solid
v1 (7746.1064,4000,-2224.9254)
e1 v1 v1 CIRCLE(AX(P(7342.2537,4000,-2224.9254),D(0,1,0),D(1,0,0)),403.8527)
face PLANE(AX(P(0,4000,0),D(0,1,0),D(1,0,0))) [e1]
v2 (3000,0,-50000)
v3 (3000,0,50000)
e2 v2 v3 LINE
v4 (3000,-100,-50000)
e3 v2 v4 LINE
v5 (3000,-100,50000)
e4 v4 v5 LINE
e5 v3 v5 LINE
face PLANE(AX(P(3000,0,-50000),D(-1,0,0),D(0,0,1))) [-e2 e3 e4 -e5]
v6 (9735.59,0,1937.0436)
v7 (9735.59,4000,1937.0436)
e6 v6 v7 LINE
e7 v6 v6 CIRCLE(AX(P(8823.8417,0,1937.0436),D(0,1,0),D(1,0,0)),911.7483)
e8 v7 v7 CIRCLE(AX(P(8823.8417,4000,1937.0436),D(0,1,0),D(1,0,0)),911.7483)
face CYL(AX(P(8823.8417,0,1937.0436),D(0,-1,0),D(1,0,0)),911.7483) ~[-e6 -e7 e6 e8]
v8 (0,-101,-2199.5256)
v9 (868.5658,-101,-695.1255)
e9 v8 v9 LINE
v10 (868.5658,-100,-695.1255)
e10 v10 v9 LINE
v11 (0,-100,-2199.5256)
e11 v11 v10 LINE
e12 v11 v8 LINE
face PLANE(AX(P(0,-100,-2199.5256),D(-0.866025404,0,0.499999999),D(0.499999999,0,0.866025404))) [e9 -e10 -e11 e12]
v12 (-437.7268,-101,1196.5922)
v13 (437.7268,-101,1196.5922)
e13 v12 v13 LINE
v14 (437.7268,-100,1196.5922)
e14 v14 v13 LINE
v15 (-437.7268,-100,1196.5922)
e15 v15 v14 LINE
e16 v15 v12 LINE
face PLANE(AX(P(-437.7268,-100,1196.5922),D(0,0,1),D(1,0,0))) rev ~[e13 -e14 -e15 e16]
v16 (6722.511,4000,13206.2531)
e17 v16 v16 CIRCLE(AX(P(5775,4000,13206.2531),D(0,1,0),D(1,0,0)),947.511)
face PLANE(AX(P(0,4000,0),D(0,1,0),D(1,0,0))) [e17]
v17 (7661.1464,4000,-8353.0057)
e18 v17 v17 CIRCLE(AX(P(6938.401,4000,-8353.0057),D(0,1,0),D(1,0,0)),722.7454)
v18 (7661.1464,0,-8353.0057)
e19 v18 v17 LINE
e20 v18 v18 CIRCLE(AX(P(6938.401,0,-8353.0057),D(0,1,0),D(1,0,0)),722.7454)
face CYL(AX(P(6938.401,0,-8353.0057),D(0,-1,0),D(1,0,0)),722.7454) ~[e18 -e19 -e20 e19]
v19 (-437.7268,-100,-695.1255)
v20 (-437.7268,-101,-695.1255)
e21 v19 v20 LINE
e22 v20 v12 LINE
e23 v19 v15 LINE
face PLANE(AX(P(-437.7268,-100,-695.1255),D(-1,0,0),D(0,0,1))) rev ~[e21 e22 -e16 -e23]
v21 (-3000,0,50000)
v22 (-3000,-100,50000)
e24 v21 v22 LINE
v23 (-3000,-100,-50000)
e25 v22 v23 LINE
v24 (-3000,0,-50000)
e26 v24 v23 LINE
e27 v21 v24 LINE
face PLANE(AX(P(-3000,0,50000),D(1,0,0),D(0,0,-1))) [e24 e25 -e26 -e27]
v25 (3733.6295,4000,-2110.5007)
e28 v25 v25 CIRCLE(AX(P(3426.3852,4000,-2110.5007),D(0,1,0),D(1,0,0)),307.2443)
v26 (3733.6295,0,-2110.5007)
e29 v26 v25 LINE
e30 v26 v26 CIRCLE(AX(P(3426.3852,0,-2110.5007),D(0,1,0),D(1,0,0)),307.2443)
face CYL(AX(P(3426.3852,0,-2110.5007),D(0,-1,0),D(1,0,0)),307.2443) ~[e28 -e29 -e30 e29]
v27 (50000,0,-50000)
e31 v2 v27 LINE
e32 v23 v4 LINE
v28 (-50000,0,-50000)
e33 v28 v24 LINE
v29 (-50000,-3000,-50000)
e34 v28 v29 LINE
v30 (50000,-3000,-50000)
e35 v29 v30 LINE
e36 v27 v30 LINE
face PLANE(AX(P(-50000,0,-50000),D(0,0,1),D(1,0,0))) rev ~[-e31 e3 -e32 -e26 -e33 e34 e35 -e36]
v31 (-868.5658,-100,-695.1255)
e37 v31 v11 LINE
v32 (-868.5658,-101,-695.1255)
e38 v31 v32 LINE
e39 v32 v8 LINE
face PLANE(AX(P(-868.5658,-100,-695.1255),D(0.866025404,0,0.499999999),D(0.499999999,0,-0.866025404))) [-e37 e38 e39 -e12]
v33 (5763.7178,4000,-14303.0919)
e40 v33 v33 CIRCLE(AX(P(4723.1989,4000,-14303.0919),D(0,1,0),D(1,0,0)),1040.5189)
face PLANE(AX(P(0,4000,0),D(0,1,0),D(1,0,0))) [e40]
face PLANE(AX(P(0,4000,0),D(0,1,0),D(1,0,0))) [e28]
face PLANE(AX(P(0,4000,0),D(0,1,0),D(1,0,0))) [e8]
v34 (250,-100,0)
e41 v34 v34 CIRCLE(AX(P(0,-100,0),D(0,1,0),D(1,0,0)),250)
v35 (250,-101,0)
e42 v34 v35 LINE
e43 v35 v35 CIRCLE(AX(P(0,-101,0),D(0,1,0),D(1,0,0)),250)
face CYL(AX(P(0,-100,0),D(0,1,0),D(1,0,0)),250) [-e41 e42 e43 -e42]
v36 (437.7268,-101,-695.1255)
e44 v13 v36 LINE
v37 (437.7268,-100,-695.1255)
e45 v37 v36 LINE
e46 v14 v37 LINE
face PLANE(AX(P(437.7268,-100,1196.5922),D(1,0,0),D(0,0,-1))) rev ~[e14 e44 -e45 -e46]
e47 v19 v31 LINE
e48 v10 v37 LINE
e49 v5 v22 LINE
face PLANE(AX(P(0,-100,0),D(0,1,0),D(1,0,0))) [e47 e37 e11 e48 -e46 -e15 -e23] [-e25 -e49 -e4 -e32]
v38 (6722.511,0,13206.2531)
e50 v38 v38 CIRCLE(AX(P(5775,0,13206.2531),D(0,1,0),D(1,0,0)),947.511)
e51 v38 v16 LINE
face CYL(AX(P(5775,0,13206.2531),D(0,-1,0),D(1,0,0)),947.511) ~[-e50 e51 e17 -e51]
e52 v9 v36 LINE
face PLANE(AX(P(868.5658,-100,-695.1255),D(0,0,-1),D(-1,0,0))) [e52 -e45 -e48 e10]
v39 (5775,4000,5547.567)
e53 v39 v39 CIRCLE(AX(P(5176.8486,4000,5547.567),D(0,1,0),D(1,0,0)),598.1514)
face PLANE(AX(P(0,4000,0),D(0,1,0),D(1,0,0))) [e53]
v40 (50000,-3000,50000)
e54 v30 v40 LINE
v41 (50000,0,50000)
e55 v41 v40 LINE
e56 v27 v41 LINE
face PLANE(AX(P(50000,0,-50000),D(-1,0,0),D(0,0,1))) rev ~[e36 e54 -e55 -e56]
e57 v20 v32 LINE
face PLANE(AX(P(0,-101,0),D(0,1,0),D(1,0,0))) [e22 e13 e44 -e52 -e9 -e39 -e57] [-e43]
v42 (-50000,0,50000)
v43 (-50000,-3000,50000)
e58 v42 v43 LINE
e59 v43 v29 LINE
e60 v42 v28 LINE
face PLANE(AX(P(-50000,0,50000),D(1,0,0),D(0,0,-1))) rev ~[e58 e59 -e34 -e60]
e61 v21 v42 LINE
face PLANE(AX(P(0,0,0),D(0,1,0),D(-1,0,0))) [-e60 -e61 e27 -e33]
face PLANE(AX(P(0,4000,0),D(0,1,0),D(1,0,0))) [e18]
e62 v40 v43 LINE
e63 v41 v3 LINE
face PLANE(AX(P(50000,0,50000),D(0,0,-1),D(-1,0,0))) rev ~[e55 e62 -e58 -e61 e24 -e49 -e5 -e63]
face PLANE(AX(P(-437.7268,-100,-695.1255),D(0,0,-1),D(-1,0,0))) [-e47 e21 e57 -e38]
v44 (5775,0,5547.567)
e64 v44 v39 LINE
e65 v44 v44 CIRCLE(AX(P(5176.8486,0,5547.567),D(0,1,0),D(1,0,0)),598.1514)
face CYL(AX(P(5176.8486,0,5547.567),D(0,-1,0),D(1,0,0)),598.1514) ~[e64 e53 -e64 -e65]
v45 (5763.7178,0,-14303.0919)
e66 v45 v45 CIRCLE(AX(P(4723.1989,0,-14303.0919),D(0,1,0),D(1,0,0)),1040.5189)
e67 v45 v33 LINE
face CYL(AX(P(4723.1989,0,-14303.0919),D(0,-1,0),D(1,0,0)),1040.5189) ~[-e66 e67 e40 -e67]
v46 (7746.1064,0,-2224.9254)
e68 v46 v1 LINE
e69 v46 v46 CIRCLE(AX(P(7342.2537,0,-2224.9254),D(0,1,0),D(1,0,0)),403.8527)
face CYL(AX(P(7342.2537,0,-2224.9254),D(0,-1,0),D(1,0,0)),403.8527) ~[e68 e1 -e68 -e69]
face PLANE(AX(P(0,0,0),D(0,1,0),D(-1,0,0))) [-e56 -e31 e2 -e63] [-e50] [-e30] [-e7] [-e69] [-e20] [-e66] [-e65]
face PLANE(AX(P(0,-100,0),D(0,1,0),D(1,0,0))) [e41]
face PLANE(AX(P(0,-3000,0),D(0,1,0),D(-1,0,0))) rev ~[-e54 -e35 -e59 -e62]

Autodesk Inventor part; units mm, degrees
ref_plane "YZ Plane" through (0, 0, 0) normal (1, 0, 0) x (0, 1, 0)
ref_plane "XZ Plane" through (0, 0, 0) normal (0, 1, 0) x (-1, 0, 0)
ref_plane "XY Plane" through (0, 0, 0) normal (0, 0, 1) x (1, 0, 0)
sketch "Sketch1" plane through (0, 0, 0) normal (0, 1, 0) x (-1, 0, 0)
  line L0 (-50000, 50000) -> (50000, 50000)
  line L1 (50000, 50000) -> (50000, -50000)
  line L2 (50000, -50000) -> (-50000, -50000)
  line L3 (-50000, -50000) -> (-50000, 50000)
  line L4 (-50000, 50000) -> (50000, -50000) construction
  line L5 (50000, 50000) -> (-50000, -50000) construction
  point P0 (0, 0)
  dimension "d0" = 100000
  dimension "d1" = 100000
extrude "Extrusion1" add sketch "Sketch1" against normal blind 3000
sketch "Sketch2" plane through (0, 0, 0) normal (0, 1, 0) x (1, 0, 0)
  line L0 (-50000, 50000) -> (50000, 50000) projected
  line L1 (3000, -50000) -> (-3000, -50000)
  line L2 (-3000, -50000) -> (-3000, 50000)
  line L3 (-3000, 50000) -> (3000, 50000)
  line L4 (3000, 50000) -> (3000, -50000)
  line L5 (3000, -50000) -> (-3000, 50000) construction
  line L6 (-3000, -50000) -> (3000, 50000) construction
  point P0 (0, 0)
  dimension "d4" = 6000
extrude "Extrusion2" cut sketch "Sketch2" against normal blind 100
sketch "Sketch3" plane through (0, 0, 0) normal (0, 1, 0) x (1, 0, 0)
  line L0 (3000, 50000) -> (3000, -50000) projected
  line L1 (3000, -50000) -> (50000, -50000) projected
  line L2 (50000, -50000) -> (50000, 50000) projected
  line L3 (50000, 50000) -> (3000, 50000) projected
  circle A0 centre (-5162.0769, 2791.8732) radius 250
  circle A1 centre (3448.1949, 3556.0433) radius 250
  point P0 (0, 0)
  dimension "d7" = 500
  dimension "d8" = 500
extrude "Extrusion3" [suppressed]
pattern_linear "Rectangular Pattern1" [suppressed]
pattern_linear "Rectangular Pattern2" [suppressed]
sketch "Sketch4" plane through (0, 0, 0) normal (0, 1, 0) x (1, 0, 0)
  line L0 (3656.3304, 1373.5123) -> (6095.1457, 1373.5123)
  line L1 (6095.1457, 1373.5123) -> (6095.1457, 1000)
  line L2 (6095.1457, 1000) -> (3656.3304, 1000)
  line L3 (3656.3304, 1000) -> (3656.3304, 1373.5123)
  line L4 (-17614.0817, 28959.908) -> (-6502.6944, 28959.908)
  line L5 (-6502.6944, 28959.908) -> (-6502.6944, 26841.9015)
  line L6 (-6502.6944, 26841.9015) -> (-17614.0817, 26841.9015)
  line L7 (-17614.0817, 26841.9015) -> (-17614.0817, 28959.908)
  line L8 (8740.9777, -30936.9942) -> (14162.228, -30936.9942)
  line L9 (14162.228, -30936.9942) -> (14162.228, -32058.6321)
  line L10 (14162.228, -32058.6321) -> (8740.9777, -32058.6321)
  line L11 (8740.9777, -32058.6321) -> (8740.9777, -30936.9942)
  point P0 (0, 0)
  dimension "d17" = 1000
extrude "Extrusion4" [suppressed]
sketch "Sketch5" plane through (0, -100, 0) normal (0, 1, 0) x (1, 0, 0)
  line L0 (-437.7268, -1196.5922) -> (437.7268, -1196.5922)
  line L1 (437.7268, -1196.5922) -> (437.7268, 1196.5922)
  line L2 (437.7268, 1196.5922) -> (-437.7268, 1196.5922)
  line L3 (-437.7268, 1196.5922) -> (-437.7268, -1196.5922)
  line L4 (-437.7268, -1196.5922) -> (437.7268, 1196.5922) construction
  line L5 (437.7268, -1196.5922) -> (-437.7268, 1196.5922) construction
  line L6 (0, 2199.5256) -> (868.5658, 695.1255)
  line L7 (868.5658, 695.1255) -> (-868.5658, 695.1255)
  line L8 (-868.5658, 695.1255) -> (0, 2199.5256)
  circle A0 centre (0, 0) radius 250
  point P0 (0, 1196.5922)
  point P1 (437.7268, 695.1255)
  point P2 (-437.7268, 695.1255)
  dimension "d23" = 500
extrude "Extrusion5" cut sketch "Sketch5" against normal blind 1
sketch "Sketch6" plane through (0, 0, 0) normal (0, 1, 0) x (1, 0, 0)
  circle A0 centre (3426.3852, 2110.5007) radius 307.2443
  circle A1 centre (7342.2537, 2224.9254) radius 403.8527
  circle A2 centre (6938.401, 8353.0057) radius 722.7454
  circle A3 centre (4723.1989, 14303.0919) radius 1040.5189
  circle A4 centre (5176.8486, -5547.567) radius 598.1514
  circle A5 centre (8823.8417, -1937.0436) radius 911.7483
  circle A6 centre (5775, -13206.2531) radius 947.511
  point P0 (0, 0)
extrude "Extrusion6" add sketch "Sketch6" along normal blind 4000
properties part number "forest1"
